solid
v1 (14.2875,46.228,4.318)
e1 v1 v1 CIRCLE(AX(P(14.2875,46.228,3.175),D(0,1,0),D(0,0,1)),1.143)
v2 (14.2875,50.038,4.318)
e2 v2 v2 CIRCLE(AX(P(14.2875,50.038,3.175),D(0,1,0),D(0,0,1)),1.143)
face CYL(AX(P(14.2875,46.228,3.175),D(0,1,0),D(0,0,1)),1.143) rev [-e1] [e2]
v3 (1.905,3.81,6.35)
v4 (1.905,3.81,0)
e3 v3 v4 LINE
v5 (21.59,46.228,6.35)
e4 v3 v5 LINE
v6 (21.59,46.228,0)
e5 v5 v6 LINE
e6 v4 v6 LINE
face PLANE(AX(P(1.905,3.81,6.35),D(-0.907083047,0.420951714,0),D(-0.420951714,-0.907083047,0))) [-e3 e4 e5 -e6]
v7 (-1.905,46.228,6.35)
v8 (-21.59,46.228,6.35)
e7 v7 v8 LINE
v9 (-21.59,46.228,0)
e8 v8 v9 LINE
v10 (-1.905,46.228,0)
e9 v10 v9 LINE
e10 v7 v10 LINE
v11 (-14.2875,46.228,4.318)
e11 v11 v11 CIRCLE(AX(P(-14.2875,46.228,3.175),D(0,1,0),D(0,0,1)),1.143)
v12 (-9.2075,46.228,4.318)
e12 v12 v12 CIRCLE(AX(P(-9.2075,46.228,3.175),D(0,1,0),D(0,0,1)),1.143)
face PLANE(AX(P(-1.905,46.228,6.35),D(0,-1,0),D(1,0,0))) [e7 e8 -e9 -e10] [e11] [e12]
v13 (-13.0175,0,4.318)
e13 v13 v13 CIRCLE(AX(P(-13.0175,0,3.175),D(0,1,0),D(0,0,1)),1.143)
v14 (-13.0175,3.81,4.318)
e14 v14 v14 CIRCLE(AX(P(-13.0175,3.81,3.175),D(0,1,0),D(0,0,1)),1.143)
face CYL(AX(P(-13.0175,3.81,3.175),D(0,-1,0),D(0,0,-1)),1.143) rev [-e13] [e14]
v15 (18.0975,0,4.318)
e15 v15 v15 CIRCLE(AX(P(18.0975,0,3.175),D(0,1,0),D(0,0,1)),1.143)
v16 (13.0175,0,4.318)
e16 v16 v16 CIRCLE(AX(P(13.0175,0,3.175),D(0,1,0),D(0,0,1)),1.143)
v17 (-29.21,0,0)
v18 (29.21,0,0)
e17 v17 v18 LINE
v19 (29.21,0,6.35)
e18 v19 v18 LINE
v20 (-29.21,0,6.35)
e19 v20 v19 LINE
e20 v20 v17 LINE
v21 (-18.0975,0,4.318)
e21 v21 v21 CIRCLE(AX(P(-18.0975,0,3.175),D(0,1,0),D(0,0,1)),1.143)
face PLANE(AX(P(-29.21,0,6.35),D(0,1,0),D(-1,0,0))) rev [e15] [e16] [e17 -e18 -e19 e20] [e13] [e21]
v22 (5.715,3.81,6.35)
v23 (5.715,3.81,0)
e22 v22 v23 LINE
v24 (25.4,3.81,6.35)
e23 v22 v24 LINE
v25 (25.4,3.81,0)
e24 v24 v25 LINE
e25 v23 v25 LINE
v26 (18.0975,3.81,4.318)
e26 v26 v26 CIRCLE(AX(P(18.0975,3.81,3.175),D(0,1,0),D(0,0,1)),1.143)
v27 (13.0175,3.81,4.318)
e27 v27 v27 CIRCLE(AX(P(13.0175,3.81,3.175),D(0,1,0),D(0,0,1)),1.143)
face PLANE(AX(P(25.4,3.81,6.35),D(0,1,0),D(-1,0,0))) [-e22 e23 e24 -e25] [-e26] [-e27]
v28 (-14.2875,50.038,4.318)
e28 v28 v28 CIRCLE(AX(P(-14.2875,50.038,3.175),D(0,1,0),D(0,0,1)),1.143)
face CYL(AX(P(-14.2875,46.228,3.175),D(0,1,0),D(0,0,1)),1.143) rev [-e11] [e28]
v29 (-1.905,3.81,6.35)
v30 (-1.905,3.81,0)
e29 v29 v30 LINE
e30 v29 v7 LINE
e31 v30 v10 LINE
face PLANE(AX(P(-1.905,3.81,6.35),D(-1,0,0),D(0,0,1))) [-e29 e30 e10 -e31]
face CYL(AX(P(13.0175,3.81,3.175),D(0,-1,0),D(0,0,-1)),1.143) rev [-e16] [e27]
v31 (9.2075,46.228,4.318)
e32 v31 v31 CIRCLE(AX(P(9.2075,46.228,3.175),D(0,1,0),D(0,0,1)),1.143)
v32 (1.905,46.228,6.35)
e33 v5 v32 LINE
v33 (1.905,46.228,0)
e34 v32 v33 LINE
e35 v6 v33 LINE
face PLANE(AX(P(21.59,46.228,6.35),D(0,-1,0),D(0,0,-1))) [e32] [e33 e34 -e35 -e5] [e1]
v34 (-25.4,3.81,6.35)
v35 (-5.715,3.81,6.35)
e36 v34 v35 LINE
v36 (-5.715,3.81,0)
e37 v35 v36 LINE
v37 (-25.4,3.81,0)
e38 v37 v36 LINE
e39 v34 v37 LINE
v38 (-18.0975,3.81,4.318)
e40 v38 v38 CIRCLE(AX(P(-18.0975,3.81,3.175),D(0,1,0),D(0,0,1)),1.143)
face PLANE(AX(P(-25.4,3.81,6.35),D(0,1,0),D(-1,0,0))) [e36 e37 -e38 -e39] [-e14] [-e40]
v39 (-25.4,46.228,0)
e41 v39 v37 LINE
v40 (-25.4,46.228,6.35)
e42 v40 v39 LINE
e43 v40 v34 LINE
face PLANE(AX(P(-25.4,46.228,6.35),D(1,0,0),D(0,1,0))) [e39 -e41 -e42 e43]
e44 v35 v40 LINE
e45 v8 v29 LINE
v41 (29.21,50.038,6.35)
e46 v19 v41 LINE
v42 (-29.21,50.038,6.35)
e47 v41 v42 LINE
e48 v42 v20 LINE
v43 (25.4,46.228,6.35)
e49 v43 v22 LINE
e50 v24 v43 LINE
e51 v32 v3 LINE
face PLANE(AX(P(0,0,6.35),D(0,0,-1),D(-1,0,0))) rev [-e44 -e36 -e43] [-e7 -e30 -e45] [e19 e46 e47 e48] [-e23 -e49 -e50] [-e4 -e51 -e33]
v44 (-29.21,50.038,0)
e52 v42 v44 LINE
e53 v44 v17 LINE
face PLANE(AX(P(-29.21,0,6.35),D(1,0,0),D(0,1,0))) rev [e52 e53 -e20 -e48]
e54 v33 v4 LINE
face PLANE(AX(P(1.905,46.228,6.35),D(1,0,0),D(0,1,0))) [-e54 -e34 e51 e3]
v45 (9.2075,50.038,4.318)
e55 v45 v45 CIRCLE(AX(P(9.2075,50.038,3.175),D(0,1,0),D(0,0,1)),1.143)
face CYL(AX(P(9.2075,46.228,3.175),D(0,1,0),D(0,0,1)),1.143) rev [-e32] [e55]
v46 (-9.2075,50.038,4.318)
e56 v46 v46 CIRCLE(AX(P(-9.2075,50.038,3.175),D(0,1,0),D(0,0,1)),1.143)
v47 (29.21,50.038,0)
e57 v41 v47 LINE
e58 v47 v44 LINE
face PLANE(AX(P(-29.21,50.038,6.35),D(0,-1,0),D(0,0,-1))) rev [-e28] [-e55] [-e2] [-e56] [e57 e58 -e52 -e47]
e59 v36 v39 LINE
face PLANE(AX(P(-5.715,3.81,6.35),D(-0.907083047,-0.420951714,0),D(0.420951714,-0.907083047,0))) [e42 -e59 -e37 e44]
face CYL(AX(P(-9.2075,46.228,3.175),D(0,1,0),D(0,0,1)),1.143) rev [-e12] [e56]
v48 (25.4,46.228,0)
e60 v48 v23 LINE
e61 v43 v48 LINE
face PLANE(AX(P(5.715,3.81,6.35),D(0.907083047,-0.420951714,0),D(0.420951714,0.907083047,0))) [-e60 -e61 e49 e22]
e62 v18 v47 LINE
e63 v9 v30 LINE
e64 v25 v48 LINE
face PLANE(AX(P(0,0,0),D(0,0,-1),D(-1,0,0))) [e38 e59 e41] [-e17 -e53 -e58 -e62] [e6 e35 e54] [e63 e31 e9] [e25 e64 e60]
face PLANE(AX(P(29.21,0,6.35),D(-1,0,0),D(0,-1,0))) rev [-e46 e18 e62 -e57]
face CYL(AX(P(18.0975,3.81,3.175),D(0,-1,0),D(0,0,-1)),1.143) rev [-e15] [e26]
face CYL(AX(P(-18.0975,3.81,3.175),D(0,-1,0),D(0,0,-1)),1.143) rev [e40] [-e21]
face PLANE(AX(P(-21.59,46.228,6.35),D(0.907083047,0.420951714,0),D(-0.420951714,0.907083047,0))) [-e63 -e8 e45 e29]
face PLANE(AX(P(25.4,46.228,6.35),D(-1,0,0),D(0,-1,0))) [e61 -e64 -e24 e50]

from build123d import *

# Parameters (mm, degrees)
SKETCH1_W           = 58.42
SKETCH1_H           = 50.038
BOSS_EXTRUDE1_DEPTH = 6.35
SKETCH2_R           = 1.143
CUT_EXTRUDE1_DEPTH  = 3.81
SKETCH3_R           = 1.143
CUT_EXTRUDE2_DEPTH  = 3.81


with BuildPart() as part:
    # Sketch1 → Boss-Extrude1 (new body)
    with BuildSketch(Plane.XY):
        with Locations((0, 25.019)):
            Rectangle(SKETCH1_W, SKETCH1_H)
        Polygon((-25.4, 46.228), (-25.4, 3.81), (-5.715, 3.81), align=None, mode=Mode.SUBTRACT)
        Polygon((1.905, 46.228), (1.905, 3.81), (21.59, 46.228), align=None, mode=Mode.SUBTRACT)
        Polygon((-21.59, 46.228), (-1.905, 3.81), (-1.905, 46.228), align=None, mode=Mode.SUBTRACT)
        Polygon((5.715, 3.81), (25.4, 46.228), (25.4, 3.81), align=None, mode=Mode.SUBTRACT)
    extrude(amount=BOSS_EXTRUDE1_DEPTH)

    # Sketch2 → Cut-Extrude1 (cut)
    with BuildSketch(Plane(origin=(0, 0, 0), x_dir=(1, 0, 0), z_dir=(0, 1, 0))):
        with Locations((-18.0975, -3.175)):
            Circle(SKETCH2_R)
        with Locations((-13.0175, -3.175)):
            Circle(SKETCH2_R)
        with Locations((18.0975, -3.175)):
            Circle(SKETCH2_R)
        with Locations((13.0175, -3.175)):
            Circle(SKETCH2_R)
    extrude(amount=CUT_EXTRUDE1_DEPTH, mode=Mode.SUBTRACT)

    # Sketch3 → Cut-Extrude2 (cut)
    with BuildSketch(Plane(origin=(0, 50.038, 0), x_dir=(1, 0, 0), z_dir=(0, 1, 0))):
        with Locations((-14.2875, -3.175)):
            Circle(SKETCH3_R)
        with Locations((-9.2075, -3.175)):
            Circle(SKETCH3_R)
        with Locations((9.2075, -3.175)):
            Circle(SKETCH3_R)
        with Locations((14.2875, -3.175)):
            Circle(SKETCH3_R)
    extrude(amount=-CUT_EXTRUDE2_DEPTH, mode=Mode.SUBTRACT)


solid = part.part
